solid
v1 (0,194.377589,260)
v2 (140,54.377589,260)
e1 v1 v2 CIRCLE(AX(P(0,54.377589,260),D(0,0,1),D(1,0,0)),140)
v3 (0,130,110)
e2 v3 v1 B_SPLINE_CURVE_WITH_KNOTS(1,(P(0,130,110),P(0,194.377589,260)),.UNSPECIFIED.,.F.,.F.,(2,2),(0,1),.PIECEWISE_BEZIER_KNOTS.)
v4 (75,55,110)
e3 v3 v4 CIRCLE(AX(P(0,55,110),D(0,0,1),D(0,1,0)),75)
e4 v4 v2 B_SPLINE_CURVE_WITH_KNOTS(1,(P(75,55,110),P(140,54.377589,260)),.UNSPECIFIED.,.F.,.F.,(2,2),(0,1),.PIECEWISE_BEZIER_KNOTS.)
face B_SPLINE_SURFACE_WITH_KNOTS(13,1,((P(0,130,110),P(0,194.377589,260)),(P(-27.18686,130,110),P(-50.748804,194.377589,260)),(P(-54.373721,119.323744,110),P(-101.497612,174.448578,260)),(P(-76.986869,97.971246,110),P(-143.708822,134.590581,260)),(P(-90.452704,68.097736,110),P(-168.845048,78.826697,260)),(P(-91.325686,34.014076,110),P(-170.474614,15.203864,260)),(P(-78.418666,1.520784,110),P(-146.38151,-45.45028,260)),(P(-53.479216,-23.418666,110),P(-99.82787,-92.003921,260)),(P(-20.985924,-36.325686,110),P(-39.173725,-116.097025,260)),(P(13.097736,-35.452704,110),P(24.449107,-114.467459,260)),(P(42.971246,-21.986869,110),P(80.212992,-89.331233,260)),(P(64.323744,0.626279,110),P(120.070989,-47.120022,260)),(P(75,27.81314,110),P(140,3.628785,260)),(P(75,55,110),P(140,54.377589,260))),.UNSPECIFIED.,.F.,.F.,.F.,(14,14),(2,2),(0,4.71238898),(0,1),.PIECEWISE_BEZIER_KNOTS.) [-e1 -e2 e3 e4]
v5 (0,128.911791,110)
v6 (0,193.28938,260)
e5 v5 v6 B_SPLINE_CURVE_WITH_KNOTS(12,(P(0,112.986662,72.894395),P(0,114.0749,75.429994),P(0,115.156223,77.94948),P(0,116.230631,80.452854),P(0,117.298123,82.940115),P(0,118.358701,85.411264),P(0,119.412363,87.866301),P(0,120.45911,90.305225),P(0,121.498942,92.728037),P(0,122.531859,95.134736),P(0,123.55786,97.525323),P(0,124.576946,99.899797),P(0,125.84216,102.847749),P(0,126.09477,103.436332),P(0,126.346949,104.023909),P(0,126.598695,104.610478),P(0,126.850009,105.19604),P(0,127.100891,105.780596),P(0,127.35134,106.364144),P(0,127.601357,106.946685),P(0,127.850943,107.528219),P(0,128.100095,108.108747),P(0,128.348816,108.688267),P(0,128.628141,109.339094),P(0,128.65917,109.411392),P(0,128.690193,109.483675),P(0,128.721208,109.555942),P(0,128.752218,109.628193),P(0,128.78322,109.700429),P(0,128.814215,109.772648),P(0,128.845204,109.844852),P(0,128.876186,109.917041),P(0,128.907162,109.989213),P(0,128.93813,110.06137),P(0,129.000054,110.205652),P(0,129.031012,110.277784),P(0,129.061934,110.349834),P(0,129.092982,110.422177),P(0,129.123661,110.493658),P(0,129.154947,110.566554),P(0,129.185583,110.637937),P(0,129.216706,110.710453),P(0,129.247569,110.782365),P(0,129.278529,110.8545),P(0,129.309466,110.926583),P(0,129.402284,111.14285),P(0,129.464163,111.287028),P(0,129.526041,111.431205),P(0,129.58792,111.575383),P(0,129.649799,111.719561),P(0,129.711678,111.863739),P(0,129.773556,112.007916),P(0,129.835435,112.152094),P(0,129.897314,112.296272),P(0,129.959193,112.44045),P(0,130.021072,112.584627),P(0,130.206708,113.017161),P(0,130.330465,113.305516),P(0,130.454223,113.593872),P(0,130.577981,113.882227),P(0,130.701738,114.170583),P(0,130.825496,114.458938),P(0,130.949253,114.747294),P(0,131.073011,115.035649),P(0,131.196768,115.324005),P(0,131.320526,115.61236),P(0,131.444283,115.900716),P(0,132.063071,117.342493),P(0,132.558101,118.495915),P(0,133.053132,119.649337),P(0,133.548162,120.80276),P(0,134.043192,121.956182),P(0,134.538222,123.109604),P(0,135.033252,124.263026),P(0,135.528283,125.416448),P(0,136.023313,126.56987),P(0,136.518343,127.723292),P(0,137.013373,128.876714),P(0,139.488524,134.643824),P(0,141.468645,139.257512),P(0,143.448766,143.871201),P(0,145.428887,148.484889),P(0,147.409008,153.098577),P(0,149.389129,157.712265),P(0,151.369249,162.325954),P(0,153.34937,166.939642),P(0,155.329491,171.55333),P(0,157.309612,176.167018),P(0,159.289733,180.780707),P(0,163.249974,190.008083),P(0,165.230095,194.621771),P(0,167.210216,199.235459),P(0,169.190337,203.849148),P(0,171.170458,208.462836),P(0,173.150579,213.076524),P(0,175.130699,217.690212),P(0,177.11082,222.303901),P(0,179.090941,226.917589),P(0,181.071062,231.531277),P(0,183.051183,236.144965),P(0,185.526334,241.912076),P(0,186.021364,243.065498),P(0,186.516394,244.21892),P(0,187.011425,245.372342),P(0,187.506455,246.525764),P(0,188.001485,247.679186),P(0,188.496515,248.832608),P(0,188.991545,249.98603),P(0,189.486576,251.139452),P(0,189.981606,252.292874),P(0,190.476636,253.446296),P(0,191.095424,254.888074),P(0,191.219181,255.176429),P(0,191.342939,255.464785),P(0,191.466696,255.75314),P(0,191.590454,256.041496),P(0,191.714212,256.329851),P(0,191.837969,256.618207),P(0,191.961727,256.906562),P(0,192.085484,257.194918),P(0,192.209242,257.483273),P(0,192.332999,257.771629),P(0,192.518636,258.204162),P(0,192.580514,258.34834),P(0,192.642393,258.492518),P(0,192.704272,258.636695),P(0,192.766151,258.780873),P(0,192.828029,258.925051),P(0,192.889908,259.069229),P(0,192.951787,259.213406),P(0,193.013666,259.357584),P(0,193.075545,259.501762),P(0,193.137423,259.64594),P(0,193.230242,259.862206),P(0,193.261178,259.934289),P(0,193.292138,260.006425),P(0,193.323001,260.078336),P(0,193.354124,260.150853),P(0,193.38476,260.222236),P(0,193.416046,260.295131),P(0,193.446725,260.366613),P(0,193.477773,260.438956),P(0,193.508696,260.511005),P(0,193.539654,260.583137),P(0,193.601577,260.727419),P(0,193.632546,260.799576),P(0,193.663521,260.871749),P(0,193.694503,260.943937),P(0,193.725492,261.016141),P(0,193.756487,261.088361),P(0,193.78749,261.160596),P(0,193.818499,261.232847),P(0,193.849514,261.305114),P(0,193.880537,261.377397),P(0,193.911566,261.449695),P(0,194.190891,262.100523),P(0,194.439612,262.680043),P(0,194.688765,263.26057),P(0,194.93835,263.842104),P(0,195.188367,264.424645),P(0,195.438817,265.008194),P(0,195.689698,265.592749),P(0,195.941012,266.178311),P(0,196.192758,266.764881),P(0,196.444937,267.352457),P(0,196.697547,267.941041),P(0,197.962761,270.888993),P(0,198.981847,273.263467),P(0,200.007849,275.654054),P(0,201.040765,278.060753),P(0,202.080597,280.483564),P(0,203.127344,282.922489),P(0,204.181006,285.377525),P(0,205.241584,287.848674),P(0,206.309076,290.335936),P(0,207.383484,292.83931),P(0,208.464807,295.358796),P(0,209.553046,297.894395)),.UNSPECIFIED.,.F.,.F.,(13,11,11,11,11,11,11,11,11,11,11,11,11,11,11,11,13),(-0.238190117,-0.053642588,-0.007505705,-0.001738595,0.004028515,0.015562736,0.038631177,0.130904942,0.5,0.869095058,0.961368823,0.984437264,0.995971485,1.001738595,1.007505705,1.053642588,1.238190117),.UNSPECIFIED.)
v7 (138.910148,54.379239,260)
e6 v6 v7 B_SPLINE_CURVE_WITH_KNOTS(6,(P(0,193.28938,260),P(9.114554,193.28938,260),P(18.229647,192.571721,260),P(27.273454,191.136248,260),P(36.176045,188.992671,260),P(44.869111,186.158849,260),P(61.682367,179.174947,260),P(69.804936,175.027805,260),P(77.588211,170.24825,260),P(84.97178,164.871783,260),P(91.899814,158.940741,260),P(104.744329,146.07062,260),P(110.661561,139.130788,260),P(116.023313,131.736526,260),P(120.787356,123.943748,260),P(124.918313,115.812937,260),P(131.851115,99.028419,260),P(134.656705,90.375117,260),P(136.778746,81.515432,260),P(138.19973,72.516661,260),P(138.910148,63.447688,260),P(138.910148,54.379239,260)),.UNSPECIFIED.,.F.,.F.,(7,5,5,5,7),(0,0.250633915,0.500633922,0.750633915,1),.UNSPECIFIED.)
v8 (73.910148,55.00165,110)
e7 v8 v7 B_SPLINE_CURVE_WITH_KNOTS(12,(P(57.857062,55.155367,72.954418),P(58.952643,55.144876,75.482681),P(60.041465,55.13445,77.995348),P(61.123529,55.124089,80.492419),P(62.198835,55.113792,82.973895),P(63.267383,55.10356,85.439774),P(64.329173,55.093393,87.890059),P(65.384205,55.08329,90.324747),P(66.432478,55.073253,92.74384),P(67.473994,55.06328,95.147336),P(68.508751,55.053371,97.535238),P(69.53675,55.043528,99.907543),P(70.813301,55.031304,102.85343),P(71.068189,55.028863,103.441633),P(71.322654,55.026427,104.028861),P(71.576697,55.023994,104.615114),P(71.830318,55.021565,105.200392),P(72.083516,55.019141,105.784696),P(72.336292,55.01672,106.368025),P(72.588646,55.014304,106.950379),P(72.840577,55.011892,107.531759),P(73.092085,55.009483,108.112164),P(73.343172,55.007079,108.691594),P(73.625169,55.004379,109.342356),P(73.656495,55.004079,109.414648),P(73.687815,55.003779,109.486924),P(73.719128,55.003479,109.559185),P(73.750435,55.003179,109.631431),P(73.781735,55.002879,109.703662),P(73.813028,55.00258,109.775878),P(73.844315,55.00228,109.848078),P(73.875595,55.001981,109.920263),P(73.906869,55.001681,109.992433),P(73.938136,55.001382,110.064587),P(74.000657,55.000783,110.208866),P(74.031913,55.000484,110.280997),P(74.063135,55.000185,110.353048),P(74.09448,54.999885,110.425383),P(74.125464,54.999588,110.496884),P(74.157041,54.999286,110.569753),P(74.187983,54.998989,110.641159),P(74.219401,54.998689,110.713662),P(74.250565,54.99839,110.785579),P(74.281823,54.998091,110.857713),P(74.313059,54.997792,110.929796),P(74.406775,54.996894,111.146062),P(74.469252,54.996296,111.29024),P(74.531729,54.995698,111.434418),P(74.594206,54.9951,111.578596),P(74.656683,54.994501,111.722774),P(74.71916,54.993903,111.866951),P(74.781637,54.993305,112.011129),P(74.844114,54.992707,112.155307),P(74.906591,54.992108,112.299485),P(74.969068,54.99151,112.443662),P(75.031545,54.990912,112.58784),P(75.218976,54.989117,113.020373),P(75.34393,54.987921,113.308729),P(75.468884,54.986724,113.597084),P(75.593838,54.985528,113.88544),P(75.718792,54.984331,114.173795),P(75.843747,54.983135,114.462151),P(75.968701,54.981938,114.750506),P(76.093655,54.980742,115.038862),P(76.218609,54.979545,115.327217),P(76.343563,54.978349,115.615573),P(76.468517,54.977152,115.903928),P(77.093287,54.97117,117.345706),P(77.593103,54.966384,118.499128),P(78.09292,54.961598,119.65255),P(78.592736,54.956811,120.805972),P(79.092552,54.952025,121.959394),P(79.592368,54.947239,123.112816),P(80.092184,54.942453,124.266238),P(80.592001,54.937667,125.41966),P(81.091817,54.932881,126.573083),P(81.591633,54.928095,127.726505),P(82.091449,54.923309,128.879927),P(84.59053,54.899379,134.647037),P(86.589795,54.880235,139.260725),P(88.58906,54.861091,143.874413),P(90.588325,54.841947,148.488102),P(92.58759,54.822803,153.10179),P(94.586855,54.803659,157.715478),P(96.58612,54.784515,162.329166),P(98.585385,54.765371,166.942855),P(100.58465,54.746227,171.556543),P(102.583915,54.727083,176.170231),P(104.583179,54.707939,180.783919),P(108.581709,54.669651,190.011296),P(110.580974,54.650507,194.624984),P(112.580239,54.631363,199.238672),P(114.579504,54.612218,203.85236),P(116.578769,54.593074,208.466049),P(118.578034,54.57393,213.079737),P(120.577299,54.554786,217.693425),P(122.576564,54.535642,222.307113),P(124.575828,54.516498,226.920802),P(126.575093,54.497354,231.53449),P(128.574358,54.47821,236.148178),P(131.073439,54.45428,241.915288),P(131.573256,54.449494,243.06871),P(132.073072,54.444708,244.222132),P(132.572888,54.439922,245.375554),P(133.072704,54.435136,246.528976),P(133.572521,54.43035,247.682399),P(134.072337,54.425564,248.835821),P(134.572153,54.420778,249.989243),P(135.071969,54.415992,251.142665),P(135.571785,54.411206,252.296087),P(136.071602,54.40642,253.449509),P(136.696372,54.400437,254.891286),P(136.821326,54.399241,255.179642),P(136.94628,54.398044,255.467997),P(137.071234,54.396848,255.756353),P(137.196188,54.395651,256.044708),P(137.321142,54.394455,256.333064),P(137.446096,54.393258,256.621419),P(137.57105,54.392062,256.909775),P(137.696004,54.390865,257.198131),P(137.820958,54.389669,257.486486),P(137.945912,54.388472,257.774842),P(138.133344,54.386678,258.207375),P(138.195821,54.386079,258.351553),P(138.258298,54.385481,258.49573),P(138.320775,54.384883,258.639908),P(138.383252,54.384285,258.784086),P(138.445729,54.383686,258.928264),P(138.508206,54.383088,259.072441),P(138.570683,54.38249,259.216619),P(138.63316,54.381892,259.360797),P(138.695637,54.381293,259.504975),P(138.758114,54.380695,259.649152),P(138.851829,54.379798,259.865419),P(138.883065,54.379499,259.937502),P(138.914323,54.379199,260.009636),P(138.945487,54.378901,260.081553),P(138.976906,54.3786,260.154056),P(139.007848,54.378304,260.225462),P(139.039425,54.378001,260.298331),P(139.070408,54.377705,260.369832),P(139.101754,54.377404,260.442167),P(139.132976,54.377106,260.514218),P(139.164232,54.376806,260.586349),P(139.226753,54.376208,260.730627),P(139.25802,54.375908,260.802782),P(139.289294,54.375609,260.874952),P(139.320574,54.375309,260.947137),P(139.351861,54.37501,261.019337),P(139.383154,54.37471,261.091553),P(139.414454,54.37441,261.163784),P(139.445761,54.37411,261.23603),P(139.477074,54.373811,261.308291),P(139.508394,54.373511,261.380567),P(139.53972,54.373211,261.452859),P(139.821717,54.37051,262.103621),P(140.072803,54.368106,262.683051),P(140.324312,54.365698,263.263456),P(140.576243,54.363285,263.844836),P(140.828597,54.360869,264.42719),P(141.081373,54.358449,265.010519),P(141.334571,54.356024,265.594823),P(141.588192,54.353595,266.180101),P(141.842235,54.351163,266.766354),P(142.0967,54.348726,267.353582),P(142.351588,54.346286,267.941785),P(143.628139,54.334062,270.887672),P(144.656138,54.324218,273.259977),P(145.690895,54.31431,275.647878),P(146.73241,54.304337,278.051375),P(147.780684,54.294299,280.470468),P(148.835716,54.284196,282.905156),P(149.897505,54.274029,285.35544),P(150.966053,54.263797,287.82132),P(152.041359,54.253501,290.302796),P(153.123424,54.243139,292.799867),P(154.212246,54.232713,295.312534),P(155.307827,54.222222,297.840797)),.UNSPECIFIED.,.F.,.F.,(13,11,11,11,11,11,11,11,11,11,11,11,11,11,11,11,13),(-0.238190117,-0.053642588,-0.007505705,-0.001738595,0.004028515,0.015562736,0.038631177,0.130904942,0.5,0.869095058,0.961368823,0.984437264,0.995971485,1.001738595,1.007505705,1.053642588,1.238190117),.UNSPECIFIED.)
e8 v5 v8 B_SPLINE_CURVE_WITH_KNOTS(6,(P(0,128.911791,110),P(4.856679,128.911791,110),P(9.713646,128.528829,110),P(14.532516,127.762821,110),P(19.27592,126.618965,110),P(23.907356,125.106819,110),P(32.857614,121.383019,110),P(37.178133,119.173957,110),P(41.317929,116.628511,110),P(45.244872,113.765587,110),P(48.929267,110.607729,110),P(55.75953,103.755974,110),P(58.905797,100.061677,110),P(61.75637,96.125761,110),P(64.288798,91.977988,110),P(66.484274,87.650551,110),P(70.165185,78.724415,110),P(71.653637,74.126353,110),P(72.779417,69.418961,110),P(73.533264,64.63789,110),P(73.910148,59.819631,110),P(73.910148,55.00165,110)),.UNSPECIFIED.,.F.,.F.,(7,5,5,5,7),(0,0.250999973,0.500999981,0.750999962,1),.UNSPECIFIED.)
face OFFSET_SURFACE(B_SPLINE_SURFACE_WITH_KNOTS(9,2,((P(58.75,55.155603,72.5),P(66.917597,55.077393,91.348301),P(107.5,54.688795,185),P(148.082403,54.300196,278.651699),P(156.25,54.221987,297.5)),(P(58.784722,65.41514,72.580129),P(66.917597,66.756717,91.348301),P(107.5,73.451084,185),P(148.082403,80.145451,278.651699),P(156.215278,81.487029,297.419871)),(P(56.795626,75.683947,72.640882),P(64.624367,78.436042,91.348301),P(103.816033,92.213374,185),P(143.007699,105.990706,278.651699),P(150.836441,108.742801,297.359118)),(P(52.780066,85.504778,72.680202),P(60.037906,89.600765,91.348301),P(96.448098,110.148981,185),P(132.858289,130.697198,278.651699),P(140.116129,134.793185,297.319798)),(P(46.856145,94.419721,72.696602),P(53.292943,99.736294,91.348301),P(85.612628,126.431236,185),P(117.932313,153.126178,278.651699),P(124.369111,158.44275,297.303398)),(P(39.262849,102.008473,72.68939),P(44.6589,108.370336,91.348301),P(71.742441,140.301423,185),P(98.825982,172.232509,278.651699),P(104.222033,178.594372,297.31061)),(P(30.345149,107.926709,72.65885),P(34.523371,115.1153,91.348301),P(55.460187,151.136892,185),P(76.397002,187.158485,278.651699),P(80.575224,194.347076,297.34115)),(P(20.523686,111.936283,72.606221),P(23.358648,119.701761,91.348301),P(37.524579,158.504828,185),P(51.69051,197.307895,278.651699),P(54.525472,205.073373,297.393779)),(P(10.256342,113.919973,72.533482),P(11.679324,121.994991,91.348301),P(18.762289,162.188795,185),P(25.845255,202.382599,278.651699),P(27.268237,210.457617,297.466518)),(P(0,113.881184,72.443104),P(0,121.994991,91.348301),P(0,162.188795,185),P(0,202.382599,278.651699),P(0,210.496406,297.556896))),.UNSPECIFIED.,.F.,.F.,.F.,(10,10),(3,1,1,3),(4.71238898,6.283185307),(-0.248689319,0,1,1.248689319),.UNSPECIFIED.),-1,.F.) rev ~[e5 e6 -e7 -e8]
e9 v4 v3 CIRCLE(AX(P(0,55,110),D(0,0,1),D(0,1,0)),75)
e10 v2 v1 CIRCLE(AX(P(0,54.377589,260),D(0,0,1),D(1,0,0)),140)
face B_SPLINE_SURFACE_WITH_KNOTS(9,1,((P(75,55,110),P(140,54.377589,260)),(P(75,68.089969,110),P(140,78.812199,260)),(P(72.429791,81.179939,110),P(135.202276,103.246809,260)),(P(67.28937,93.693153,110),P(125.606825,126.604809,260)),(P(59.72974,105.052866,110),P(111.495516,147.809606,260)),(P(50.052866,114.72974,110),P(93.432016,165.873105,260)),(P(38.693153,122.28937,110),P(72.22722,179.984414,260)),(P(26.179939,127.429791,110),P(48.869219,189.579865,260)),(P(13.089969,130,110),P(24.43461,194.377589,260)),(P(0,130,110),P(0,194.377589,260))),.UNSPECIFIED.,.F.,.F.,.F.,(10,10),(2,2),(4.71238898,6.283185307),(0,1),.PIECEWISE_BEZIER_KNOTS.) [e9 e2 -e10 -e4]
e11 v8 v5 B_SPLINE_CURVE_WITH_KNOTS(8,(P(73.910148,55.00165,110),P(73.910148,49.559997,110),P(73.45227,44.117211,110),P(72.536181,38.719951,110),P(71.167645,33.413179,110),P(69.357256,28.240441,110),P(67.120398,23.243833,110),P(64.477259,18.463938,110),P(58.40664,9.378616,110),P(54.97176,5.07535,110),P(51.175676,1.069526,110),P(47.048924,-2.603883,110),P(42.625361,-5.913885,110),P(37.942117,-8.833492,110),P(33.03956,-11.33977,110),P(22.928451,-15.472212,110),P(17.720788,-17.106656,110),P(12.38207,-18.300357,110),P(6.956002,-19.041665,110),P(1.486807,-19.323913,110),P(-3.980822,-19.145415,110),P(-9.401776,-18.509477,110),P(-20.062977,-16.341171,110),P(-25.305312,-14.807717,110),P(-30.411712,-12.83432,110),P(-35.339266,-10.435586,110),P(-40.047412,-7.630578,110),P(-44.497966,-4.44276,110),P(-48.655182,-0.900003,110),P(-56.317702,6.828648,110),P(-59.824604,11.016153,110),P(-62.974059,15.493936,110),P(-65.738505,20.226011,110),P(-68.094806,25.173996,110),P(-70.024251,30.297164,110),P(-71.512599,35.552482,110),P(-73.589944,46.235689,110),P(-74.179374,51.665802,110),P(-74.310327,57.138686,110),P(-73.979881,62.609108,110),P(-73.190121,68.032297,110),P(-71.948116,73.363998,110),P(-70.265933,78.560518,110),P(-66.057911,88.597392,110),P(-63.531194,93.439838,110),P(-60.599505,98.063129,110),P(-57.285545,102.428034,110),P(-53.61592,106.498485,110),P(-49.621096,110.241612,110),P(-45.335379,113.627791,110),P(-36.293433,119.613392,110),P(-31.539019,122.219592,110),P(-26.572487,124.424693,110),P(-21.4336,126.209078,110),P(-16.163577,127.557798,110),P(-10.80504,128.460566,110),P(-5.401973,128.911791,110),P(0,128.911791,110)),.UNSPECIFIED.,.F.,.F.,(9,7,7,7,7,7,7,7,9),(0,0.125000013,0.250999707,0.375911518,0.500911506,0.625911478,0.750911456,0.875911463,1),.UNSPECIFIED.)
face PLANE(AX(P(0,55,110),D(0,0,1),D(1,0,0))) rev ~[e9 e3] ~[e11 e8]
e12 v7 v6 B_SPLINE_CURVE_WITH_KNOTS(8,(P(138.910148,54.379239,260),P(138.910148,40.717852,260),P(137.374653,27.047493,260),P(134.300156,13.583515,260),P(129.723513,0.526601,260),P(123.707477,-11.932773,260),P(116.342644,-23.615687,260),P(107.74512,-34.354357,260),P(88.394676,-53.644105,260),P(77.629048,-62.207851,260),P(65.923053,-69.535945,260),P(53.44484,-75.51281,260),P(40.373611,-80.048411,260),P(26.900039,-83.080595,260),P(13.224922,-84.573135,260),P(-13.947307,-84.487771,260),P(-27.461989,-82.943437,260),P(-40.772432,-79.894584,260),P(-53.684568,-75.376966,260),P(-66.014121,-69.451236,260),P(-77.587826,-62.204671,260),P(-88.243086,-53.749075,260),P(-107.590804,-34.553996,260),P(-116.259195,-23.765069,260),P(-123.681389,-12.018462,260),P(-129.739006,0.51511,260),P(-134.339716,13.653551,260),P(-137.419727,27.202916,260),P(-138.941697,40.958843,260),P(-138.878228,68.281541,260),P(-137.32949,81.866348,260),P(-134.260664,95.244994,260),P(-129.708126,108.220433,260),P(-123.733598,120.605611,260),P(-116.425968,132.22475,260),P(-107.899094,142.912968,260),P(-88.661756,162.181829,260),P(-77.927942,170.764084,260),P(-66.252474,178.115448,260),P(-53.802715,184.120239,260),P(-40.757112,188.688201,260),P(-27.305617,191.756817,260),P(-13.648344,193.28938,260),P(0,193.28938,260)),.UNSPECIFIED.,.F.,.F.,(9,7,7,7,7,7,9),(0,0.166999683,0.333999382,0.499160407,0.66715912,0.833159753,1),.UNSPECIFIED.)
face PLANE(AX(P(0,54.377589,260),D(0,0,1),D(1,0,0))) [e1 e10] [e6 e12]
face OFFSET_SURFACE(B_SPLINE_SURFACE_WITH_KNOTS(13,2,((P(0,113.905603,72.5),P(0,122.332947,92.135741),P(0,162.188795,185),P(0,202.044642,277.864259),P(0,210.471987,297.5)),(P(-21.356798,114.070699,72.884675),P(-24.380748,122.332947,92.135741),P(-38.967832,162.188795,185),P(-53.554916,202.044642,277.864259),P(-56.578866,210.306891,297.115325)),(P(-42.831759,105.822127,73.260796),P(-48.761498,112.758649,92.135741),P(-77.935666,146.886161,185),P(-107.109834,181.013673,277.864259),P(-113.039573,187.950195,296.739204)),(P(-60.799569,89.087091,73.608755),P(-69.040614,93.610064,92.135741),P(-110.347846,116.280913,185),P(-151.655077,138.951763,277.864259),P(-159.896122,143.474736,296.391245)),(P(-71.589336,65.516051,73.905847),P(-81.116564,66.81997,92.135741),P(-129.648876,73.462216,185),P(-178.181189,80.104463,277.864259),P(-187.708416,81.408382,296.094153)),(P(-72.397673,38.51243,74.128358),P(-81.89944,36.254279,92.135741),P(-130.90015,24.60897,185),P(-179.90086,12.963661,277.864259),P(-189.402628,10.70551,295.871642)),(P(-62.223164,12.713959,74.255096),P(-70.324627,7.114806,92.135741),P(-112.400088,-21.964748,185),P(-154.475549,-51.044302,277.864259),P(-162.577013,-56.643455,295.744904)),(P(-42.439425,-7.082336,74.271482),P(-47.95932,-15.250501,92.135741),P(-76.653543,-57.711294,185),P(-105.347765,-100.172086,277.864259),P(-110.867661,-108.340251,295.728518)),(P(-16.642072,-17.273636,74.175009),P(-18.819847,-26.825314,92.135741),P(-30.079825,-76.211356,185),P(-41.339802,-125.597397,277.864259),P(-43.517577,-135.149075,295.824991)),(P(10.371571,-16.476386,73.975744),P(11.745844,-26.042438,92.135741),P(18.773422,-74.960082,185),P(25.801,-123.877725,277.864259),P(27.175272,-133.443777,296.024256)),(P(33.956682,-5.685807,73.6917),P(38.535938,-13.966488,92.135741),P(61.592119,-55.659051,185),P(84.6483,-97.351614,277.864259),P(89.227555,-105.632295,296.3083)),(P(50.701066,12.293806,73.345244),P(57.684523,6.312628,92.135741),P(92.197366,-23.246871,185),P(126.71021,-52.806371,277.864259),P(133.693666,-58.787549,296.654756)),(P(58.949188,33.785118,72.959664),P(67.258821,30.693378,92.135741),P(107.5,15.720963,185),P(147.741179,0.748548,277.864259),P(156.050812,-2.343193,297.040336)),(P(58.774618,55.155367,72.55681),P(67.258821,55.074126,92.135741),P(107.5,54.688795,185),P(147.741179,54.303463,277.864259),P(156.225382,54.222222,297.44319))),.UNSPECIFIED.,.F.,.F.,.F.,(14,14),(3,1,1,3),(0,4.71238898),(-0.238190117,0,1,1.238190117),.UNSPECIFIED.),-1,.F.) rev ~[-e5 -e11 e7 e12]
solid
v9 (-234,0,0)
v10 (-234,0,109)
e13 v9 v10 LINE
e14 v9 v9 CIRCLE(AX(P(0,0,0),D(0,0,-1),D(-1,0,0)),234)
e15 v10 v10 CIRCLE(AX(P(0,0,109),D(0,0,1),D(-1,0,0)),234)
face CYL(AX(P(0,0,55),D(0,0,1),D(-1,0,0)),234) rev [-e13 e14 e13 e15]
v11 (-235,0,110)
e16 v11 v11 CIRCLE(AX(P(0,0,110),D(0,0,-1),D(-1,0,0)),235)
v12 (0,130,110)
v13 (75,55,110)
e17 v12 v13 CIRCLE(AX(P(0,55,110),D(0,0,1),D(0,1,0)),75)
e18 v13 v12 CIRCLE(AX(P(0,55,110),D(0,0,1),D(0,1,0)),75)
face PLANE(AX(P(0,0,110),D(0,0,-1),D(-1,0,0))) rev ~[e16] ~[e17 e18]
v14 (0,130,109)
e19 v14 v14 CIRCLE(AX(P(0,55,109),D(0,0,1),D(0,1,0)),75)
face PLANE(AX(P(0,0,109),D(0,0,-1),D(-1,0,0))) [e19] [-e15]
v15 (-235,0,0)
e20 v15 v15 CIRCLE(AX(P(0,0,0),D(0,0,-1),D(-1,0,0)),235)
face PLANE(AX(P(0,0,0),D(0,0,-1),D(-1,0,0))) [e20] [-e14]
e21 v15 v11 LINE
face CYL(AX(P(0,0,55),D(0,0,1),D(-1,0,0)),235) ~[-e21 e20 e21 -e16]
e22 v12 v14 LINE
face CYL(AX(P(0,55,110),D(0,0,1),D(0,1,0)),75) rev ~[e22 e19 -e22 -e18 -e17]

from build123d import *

# Parameters (mm, degrees)
F0_W     = 235
F0_H     = 110
F2_T     = -1
F5_R     = 140
F7_T     = -1
F8_DEPTH = 25


with BuildPart() as f1:
    # F0 (on Front) → F1 (revolve)
    with BuildSketch(Plane.XZ):
        with Locations((-117.5, 55)):
            Rectangle(F0_W, F0_H)
    revolve(axis=Axis((0, 0, 55), (0, 0, -1)))

    # F2
    f2_openings = [f1.faces().sort_by_distance(p)[0] for p in [
        (0, 0, 0),
    ]]
    offset(amount=F2_T, openings=f2_openings)

    # F3 (on face) → F6 section 0
    with BuildSketch(Plane.XY.offset(110)):
        with BuildLine():
            ThreePointArc((75, 55), (53.033008589, 108.033008589), (0, 130))
            ThreePointArc((0, 130), (-53.033008589, 1.966991411), (75, 55))
        make_face()
    # F5 (on offset) → F6 section 1
    with BuildSketch(Plane.XY.offset(260)):
        with Locations((0, 54.3775893748)):
            Circle(F5_R)
    loft()

    # F7
    f7_openings = [f1.faces().sort_by_distance(p)[0] for p in [
        (0, 54.377589, 260),
    ]]
    offset(amount=F7_T, openings=f7_openings, kind=Kind.INTERSECTION)

    # F3 (on face) → F8 (cut)
    with BuildSketch(Plane.XY.offset(110)):
        with BuildLine():
            ThreePointArc((75, 55), (53.033008589, 108.033008589), (0, 130))
            ThreePointArc((0, 130), (-53.033008589, 1.966991411), (75, 55))
        make_face()
    extrude(amount=-F8_DEPTH, mode=Mode.SUBTRACT)


solid = f1.part
